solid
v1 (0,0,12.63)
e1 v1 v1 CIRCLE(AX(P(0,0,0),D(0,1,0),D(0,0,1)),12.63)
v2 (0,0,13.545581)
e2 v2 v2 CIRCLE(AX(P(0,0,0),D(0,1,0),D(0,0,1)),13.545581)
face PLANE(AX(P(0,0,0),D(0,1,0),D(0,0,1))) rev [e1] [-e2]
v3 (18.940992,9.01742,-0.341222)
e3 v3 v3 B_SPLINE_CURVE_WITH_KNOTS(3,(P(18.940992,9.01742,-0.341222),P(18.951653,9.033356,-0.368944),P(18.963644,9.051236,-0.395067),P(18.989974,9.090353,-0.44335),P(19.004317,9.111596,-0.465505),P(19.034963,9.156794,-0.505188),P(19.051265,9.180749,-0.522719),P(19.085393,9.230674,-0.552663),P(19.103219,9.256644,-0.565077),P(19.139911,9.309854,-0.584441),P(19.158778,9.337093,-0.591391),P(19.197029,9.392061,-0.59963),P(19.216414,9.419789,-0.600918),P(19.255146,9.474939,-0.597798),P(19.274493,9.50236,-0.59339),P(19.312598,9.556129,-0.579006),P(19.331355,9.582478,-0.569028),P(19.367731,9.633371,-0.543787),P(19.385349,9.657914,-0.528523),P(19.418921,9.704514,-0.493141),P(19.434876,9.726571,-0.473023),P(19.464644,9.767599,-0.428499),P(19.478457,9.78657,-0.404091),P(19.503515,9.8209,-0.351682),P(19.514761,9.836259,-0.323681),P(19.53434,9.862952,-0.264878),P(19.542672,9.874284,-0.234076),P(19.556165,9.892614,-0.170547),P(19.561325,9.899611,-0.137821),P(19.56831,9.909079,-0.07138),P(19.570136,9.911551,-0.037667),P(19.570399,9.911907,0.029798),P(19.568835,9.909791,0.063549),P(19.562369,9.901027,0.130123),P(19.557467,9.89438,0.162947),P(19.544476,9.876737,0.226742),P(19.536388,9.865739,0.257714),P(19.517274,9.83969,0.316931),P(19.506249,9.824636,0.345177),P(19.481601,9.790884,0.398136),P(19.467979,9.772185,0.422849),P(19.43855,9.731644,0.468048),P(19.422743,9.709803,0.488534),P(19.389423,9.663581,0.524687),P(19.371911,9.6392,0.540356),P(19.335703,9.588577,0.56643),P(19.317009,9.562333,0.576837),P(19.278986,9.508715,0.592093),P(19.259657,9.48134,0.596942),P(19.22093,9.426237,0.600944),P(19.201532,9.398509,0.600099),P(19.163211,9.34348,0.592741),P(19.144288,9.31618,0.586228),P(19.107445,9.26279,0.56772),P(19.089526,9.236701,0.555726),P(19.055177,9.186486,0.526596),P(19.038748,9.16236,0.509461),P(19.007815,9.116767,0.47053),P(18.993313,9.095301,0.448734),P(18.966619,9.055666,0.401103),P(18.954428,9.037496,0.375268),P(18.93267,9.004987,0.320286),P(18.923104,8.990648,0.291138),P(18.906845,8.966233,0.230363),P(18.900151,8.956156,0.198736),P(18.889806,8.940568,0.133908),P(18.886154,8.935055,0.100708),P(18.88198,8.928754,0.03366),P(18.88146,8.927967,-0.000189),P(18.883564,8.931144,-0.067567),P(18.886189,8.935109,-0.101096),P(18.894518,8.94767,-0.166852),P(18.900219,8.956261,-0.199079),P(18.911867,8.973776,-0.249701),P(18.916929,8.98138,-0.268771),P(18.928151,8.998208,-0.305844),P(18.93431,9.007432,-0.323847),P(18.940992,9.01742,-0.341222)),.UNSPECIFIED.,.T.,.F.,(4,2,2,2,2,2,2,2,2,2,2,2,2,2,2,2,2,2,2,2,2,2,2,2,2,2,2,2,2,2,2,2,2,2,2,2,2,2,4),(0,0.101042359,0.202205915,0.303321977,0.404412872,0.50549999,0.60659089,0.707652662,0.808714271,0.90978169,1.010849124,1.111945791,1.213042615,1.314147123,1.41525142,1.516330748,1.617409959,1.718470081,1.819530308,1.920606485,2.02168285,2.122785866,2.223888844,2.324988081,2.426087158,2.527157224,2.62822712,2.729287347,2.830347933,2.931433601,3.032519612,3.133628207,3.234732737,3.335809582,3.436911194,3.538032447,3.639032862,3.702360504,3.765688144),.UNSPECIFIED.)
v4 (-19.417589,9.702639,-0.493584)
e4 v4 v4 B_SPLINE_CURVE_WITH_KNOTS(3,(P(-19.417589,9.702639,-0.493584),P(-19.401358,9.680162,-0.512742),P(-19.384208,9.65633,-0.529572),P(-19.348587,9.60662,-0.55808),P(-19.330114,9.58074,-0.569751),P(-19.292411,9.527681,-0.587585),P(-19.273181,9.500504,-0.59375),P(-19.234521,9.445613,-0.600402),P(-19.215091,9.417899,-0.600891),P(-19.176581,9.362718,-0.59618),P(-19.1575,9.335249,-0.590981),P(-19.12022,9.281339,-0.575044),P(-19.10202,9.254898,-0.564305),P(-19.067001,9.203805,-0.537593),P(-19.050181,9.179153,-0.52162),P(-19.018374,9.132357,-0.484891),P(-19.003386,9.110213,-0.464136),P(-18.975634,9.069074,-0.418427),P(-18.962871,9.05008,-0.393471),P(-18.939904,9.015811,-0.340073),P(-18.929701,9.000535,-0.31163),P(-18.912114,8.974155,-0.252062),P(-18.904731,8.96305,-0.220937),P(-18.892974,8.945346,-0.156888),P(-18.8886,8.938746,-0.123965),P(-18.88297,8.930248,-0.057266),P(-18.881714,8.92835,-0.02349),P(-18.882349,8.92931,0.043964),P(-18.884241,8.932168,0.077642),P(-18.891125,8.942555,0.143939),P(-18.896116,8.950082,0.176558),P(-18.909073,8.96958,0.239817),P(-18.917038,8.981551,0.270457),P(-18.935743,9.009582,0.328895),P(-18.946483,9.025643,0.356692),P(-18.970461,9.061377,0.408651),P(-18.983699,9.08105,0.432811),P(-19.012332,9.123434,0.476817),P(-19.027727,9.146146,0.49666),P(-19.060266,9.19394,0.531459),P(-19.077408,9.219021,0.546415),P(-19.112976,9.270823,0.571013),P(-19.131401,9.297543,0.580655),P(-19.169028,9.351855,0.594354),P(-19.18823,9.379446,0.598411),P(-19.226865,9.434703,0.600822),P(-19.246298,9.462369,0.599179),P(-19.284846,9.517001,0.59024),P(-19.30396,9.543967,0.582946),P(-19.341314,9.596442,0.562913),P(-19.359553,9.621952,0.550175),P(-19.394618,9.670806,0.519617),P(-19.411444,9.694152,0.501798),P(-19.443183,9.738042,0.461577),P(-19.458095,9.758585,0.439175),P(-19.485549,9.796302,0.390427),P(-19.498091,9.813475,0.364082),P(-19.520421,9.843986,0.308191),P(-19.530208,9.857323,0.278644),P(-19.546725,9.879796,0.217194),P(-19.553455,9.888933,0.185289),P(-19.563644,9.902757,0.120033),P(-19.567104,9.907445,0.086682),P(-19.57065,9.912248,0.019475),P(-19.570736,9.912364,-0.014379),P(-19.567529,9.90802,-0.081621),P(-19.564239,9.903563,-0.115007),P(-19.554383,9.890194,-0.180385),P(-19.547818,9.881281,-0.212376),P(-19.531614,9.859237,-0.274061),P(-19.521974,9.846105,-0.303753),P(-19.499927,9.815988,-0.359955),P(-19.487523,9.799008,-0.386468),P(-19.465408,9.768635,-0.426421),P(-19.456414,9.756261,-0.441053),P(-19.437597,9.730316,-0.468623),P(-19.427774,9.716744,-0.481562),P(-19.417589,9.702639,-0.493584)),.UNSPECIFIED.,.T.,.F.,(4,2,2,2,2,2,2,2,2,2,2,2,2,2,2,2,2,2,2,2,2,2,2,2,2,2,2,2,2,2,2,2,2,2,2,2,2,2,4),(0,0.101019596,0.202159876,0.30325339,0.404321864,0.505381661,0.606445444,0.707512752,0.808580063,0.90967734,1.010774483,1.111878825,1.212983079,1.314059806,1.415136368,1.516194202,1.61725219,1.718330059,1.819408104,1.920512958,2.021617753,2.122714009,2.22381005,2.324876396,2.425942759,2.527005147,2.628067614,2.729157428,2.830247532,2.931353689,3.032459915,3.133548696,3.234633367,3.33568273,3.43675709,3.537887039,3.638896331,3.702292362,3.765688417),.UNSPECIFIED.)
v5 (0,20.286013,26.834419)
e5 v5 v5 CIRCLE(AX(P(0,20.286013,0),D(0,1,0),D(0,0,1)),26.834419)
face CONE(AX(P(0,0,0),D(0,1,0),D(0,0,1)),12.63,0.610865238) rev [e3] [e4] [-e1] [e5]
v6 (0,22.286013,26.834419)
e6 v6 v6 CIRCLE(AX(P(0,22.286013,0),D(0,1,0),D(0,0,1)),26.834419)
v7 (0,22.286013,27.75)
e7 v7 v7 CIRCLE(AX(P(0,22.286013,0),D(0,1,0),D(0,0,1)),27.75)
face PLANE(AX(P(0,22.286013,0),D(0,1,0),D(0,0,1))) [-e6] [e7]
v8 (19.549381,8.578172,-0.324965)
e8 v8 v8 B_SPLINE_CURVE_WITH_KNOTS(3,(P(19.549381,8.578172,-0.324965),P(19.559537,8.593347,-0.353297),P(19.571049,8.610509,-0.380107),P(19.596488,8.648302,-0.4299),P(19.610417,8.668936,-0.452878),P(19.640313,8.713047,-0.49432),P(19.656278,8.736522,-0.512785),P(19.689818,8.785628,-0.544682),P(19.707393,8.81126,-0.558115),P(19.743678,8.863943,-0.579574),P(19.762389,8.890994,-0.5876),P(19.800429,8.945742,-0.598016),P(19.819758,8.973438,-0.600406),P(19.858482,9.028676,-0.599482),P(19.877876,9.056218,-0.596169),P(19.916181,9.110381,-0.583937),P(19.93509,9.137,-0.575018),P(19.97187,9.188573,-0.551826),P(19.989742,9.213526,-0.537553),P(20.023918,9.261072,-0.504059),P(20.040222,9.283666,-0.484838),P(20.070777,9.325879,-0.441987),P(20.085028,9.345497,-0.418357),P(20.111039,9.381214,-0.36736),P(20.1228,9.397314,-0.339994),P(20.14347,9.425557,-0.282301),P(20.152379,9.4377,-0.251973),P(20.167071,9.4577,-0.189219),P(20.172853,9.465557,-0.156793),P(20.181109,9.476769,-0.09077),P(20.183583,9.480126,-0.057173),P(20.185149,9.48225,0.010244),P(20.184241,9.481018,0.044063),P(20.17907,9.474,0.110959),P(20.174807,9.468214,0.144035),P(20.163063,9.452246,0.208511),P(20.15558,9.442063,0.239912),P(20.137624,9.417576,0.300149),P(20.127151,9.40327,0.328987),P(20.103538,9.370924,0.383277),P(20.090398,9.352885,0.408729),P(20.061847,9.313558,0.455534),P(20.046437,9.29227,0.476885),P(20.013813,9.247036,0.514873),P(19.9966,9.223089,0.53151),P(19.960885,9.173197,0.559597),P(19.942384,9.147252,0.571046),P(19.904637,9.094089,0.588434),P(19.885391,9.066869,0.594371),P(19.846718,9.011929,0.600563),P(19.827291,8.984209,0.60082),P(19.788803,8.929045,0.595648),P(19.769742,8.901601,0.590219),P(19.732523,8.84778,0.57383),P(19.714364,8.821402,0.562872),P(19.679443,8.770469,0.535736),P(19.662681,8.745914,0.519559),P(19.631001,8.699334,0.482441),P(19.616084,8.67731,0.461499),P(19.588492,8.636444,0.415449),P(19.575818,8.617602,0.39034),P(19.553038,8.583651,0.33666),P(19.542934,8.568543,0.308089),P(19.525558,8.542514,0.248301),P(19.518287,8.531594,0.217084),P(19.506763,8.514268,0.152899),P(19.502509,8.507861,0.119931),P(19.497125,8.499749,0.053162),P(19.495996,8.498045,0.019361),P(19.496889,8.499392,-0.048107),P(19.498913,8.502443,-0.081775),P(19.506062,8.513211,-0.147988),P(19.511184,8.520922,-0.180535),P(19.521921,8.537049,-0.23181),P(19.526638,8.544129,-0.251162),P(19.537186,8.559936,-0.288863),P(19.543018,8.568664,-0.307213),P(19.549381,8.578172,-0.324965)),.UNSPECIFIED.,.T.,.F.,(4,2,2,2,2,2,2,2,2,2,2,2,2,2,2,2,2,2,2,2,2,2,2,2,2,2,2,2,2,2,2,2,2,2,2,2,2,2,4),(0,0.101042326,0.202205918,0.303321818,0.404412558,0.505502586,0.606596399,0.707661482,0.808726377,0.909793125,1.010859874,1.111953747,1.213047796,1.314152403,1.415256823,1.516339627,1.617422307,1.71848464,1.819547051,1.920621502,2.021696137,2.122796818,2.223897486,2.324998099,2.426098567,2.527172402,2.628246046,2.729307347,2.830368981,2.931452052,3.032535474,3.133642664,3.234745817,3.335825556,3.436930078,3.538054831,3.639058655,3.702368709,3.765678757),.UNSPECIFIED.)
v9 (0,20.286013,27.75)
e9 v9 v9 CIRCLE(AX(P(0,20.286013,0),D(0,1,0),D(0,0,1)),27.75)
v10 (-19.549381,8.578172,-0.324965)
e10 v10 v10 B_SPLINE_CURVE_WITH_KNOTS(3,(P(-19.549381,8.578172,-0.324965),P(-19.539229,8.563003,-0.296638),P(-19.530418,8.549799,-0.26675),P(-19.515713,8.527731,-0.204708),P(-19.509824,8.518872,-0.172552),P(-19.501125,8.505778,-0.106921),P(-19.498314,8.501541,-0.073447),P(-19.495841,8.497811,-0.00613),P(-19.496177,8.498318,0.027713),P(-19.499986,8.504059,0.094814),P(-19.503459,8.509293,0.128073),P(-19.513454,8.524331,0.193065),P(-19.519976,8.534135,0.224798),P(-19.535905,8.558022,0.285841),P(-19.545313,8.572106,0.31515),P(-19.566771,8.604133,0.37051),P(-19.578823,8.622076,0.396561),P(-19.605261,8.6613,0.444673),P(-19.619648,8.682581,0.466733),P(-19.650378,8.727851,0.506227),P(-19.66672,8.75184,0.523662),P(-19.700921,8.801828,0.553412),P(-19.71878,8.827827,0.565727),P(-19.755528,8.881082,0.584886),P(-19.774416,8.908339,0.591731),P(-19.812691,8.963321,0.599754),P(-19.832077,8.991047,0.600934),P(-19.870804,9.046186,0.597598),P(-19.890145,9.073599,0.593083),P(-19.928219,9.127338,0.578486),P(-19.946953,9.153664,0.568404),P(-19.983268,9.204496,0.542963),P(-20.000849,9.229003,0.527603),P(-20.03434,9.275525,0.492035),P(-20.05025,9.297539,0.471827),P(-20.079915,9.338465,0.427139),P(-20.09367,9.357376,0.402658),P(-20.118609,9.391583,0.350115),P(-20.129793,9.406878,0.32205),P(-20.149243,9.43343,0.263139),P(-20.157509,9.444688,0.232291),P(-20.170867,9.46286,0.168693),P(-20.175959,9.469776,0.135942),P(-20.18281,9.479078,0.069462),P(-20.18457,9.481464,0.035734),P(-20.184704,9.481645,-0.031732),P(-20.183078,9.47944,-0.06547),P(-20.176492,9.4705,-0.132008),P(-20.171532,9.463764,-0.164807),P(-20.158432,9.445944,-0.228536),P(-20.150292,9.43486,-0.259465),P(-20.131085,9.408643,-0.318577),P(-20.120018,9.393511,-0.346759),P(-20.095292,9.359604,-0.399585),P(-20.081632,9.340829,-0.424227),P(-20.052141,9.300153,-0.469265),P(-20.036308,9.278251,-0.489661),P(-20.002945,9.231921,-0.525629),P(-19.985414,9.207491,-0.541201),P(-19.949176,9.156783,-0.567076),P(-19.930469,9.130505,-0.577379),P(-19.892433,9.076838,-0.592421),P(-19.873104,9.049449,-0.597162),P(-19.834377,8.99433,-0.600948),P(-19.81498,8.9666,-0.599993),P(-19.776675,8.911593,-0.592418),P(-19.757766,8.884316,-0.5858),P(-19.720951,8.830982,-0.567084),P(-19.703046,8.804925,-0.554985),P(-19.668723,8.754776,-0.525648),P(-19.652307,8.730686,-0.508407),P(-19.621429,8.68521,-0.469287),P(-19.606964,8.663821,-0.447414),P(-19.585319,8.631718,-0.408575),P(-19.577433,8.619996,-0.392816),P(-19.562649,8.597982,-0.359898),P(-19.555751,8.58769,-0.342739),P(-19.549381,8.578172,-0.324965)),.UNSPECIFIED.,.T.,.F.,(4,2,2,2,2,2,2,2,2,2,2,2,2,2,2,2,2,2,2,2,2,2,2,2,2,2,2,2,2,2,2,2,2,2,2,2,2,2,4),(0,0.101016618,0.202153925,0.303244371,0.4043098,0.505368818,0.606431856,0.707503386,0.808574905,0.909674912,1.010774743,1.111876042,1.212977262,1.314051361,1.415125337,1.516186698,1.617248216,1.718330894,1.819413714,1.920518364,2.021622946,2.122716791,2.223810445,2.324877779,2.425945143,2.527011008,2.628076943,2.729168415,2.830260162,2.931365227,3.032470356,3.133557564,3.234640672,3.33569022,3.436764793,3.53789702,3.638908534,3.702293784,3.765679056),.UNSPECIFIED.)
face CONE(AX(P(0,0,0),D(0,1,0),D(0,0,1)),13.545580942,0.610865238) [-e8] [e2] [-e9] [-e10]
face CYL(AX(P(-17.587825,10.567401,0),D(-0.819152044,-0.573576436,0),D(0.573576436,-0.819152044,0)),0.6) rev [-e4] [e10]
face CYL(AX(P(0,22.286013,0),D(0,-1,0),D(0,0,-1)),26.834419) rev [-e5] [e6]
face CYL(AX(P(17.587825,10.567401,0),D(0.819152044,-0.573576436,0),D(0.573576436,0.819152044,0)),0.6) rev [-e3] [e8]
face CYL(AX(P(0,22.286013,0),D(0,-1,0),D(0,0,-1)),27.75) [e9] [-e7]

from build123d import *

# Parameters (mm, degrees)
SKETCH36_R          = 0.6
SIDE_HOLES_DEPTH    = 2
CIRPATTERN2_COUNT   = 2
SKETCH37_R          = 27.75
SKETCH37_R_2        = 26.834419058
BOSS_EXTRUDE1_DEPTH = 2


with BuildPart() as part:
    # Sketch35 → Revolve1 (revolve)
    with BuildSketch(Plane.XY):
        Polygon((12.63, 0), (13.545580942, 0), (27.75, 20.286012765), (26.834419058, 20.286012765), align=None)
    revolve(axis=Axis((0, 20.286012765, 0), (0, -1, 0)))

    # Sketch36 → side-holes (cut, symmetric)
    with BuildSketch(Plane(origin=(8.474857205, -5.9341589, 0), x_dir=(0, 0, 1), z_dir=(-0.8191520442889934, 0.5735764363510439, 0))):
        with Locations((0, 18.744270391)):
            Circle(SKETCH36_R)
    side_holes = extrude(amount=SIDE_HOLES_DEPTH, both=True, mode=Mode.SUBTRACT)

    # CirPattern2: side-holes ×2 about axis
    cirpattern2_axis = Axis((0, 0, 0), (0, 1, 0))
    for i in range(1, CIRPATTERN2_COUNT):
        add(side_holes.rotate(cirpattern2_axis, i * 360 / CIRPATTERN2_COUNT), mode=Mode.SUBTRACT)

    # Sketch37 → Boss-Extrude1 (add)
    with BuildSketch(Plane(origin=(0, 20.286012765, 0), x_dir=(1, 0, 0), z_dir=(0, 1, 0))):
        Circle(SKETCH37_R)
        Circle(SKETCH37_R_2, mode=Mode.SUBTRACT)
    extrude(amount=BOSS_EXTRUDE1_DEPTH)


solid = part.part
